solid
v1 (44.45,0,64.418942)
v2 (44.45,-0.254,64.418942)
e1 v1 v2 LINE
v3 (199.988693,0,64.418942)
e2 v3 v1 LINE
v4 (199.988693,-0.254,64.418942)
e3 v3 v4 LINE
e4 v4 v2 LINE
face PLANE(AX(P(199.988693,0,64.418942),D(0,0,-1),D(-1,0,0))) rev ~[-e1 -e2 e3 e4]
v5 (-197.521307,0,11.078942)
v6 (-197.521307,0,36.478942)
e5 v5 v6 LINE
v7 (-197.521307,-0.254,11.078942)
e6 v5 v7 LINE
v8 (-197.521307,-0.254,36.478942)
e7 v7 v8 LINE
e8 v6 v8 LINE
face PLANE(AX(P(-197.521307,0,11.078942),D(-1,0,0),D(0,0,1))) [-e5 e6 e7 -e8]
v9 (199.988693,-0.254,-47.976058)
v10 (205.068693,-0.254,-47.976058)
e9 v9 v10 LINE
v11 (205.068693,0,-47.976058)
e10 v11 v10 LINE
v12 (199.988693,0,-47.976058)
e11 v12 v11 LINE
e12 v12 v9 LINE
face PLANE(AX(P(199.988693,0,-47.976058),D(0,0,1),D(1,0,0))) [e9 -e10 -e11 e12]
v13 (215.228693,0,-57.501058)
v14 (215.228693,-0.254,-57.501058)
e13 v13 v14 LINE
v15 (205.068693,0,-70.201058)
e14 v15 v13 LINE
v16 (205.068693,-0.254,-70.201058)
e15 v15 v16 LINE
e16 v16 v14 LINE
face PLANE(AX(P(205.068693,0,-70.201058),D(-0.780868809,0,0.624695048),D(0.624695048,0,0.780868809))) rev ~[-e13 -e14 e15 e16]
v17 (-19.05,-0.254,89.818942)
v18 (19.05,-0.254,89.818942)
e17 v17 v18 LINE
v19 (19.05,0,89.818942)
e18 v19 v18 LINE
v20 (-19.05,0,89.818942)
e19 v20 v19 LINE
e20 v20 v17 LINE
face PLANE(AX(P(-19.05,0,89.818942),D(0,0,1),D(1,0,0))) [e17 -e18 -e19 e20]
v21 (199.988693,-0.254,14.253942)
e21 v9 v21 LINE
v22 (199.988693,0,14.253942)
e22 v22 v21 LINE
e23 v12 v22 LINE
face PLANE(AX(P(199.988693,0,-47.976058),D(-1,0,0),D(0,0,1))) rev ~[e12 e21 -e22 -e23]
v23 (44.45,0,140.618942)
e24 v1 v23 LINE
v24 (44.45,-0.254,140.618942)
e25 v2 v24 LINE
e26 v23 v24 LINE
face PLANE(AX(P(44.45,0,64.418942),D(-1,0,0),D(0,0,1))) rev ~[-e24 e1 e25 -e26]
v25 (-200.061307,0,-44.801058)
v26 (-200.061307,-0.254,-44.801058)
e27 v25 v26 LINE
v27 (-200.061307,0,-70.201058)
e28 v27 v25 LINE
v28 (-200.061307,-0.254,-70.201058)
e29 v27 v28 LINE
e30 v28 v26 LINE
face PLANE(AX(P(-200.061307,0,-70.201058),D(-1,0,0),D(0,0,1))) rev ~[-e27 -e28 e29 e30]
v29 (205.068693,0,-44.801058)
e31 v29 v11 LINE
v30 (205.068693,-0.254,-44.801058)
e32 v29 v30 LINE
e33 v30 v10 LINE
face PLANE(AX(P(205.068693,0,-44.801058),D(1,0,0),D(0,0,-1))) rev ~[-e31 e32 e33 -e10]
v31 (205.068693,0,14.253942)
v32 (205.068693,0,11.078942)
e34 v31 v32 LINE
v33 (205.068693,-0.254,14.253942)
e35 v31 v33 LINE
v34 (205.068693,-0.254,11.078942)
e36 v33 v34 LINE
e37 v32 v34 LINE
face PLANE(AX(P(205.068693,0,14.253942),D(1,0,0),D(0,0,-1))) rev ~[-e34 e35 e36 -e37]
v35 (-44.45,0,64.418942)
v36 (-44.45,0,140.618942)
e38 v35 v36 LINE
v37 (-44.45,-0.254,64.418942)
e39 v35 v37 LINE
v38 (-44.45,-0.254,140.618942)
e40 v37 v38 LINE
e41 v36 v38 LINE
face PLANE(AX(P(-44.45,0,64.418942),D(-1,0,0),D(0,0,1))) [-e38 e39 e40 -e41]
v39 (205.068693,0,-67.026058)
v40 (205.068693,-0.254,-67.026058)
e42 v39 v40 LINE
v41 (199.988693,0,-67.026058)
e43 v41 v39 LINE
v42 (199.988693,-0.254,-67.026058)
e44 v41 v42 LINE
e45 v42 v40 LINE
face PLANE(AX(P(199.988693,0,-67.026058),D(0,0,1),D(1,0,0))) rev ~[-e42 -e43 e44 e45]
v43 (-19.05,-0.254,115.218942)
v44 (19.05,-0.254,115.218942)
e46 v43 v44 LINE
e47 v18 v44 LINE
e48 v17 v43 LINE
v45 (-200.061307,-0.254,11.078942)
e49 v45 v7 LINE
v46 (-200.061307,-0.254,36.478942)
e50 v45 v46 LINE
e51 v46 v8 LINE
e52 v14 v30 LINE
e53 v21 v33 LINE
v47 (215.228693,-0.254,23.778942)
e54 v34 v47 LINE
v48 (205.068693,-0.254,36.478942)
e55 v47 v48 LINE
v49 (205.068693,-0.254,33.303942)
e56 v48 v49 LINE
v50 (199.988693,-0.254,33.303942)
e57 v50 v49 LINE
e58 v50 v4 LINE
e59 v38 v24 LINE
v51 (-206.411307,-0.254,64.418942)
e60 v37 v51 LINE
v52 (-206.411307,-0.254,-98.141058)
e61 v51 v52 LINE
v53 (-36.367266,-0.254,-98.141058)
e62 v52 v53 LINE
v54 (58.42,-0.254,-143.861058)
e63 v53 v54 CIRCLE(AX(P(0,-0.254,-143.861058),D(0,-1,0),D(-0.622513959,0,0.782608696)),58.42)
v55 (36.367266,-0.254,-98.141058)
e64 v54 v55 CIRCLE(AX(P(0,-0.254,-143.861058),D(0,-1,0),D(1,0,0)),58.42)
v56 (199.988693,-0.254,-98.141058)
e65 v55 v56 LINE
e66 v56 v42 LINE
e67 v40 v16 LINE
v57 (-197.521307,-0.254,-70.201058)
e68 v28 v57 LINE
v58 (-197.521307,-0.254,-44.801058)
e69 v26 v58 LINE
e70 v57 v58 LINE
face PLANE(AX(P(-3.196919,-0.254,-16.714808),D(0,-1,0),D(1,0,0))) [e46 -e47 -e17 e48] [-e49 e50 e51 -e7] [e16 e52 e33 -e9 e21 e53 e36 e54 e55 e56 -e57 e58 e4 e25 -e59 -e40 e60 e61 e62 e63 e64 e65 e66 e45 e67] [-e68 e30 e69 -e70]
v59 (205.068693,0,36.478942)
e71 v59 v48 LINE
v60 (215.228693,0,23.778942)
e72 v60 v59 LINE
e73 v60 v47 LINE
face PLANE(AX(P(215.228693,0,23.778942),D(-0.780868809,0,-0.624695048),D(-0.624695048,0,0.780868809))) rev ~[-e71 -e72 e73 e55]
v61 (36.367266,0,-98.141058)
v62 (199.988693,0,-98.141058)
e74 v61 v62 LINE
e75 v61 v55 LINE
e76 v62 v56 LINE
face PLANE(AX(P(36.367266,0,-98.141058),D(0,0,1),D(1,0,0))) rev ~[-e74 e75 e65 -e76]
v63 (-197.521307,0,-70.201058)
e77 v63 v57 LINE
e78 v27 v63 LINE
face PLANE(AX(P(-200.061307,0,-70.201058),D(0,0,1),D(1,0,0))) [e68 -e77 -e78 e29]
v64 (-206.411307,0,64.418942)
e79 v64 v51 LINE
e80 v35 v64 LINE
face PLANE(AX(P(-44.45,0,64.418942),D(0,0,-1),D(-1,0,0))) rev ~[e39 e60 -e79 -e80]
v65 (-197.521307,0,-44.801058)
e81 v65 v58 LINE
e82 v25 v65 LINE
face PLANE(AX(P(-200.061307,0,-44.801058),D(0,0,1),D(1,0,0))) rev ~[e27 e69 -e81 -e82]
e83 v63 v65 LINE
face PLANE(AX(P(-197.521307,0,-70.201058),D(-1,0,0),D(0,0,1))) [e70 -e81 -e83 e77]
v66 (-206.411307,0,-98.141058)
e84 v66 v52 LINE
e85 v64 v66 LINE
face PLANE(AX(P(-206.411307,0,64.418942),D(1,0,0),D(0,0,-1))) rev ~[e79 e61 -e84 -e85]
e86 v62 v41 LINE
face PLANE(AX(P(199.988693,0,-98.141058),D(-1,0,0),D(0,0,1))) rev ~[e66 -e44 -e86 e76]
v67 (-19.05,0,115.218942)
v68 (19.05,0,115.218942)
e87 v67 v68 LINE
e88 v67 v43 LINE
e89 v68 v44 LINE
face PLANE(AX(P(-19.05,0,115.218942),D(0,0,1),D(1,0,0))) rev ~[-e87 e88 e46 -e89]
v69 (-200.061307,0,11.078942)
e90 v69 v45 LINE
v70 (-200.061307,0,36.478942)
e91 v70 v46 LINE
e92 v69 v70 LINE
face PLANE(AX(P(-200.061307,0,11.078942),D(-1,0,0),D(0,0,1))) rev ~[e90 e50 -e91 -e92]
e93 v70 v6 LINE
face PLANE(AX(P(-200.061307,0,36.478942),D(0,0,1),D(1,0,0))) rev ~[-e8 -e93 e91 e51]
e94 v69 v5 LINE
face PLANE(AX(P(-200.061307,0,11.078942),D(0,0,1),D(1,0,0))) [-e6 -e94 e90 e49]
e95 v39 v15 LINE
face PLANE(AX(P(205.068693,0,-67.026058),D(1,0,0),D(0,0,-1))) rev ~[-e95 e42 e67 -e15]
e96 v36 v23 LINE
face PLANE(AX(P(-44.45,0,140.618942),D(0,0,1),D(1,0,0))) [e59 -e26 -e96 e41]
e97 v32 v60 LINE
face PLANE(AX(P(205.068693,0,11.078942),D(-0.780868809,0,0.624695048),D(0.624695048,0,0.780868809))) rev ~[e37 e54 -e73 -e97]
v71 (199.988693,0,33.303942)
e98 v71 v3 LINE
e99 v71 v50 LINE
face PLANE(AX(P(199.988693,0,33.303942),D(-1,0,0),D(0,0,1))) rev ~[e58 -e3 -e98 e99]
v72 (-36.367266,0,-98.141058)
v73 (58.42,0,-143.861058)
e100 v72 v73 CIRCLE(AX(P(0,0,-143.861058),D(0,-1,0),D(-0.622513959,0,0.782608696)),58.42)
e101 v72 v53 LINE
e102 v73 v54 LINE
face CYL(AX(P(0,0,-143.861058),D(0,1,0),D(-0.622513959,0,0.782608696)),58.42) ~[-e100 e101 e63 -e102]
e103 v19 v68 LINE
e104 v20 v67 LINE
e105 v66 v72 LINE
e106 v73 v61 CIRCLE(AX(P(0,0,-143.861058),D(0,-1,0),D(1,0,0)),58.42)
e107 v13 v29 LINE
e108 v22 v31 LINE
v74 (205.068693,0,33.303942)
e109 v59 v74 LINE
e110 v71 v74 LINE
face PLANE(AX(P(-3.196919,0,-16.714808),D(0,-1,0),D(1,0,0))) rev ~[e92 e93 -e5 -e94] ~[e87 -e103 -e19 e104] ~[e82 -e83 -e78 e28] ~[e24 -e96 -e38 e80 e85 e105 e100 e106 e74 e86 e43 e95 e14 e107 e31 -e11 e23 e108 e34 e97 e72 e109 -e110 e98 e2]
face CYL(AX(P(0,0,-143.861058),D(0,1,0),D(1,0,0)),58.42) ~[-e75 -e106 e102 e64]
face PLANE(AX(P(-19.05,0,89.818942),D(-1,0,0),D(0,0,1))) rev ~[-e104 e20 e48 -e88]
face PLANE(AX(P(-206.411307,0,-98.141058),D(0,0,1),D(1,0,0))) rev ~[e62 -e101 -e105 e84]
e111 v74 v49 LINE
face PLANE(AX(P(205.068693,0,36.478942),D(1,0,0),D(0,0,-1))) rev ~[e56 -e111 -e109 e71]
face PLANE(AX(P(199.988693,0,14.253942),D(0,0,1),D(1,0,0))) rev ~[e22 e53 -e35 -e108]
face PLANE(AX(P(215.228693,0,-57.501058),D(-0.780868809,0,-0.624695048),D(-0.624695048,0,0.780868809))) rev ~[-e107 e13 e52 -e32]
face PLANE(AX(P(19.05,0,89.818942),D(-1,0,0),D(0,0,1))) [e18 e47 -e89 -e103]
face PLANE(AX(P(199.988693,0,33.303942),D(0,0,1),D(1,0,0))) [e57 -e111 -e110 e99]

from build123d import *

# Parameters (mm, degrees)
F0_W     = 2.54
F0_H     = 25.4
F0_W_2   = 5.08
F0_H_2   = 19.05
F0_W_3   = 88.9
F0_H_3   = 76.2
F0_W_4   = 38.1
F1_DEPTH = 0.254


with BuildPart() as f1:
    # F0 (on Front) → F1 (new body)
    with BuildSketch(Plane.XZ):
        with BuildLine():
            Line((-44.45, 64.4189420235), (-206.411307435, 64.4189420235))
            Line((-206.411307435, 64.4189420235), (-206.411307435, -98.1410579765))
            Line((-206.411307435, -98.1410579765), (-36.3672655007, -98.1410579765))
            ThreePointArc((-36.3672655007, -98.1410579765), (0, -85.4410579765), (36.3672655007, -98.1410579765))
            Line((36.3672655007, -98.1410579765), (199.988692565, -98.1410579765))
            Line((199.988692565, -98.1410579765), (199.988692565, -67.0260579765))
            Line((199.988692565, -67.0260579765), (199.988692565, -47.9760579765))
            Line((199.988692565, -47.9760579765), (199.988692565, 14.2539420235))
            Line((199.988692565, 14.2539420235), (199.988692565, 33.3039420235))
            Line((199.988692565, 33.3039420235), (199.988692565, 64.4189420235))
            Line((199.988692565, 64.4189420235), (44.45, 64.4189420235))
            Line((44.45, 64.4189420235), (-44.45, 64.4189420235))
        make_face()
        with Locations((-198.791307435, -57.5010579765)):
            Rectangle(F0_W, F0_H, mode=Mode.SUBTRACT)
        with Locations((-198.791307435, 23.7789420235)):
            Rectangle(F0_W, F0_H, mode=Mode.SUBTRACT)
        Polygon((205.068692565, 36.4789420235), (205.068692565, 33.3039420235), (205.068692565, 14.2539420235), (205.068692565, 11.0789420235), (215.228692565, 23.7789420235), align=None)
        with Locations((202.528692565, 23.7789420235)):
            Rectangle(F0_W_2, F0_H_2)
        with Locations((202.528692565, -57.5010579765)):
            Rectangle(F0_W_2, F0_H_2)
        Polygon((205.068692565, -47.9760579765), (205.068692565, -67.0260579765), (205.068692565, -70.2010579765), (215.228692565, -57.5010579765), (205.068692565, -44.8010579765), align=None)
        with BuildLine():
            Line((36.3672655007, -98.1410579765), (-36.3672655007, -98.1410579765))
            ThreePointArc((-36.3672655007, -98.1410579765), (-25.3803147089, -196.4798381341), (58.42, -143.8610579765))
            ThreePointArc((58.42, -143.8610579765), (52.6187801576, -118.4807432676), (36.3672655007, -98.1410579765))
        make_face()
        with BuildLine():
            ThreePointArc((36.3672655007, -98.1410579765), (0, -85.4410579765), (-36.3672655007, -98.1410579765))
            Line((-36.3672655007, -98.1410579765), (36.3672655007, -98.1410579765))
        make_face()
        with Locations((0, 102.5189420235)):
            Rectangle(F0_W_3, F0_H_3)
        with Locations((0, 102.5189420235)):
            Rectangle(F0_W_4, F0_H, mode=Mode.SUBTRACT)
    extrude(amount=F1_DEPTH)


solid = f1.part
